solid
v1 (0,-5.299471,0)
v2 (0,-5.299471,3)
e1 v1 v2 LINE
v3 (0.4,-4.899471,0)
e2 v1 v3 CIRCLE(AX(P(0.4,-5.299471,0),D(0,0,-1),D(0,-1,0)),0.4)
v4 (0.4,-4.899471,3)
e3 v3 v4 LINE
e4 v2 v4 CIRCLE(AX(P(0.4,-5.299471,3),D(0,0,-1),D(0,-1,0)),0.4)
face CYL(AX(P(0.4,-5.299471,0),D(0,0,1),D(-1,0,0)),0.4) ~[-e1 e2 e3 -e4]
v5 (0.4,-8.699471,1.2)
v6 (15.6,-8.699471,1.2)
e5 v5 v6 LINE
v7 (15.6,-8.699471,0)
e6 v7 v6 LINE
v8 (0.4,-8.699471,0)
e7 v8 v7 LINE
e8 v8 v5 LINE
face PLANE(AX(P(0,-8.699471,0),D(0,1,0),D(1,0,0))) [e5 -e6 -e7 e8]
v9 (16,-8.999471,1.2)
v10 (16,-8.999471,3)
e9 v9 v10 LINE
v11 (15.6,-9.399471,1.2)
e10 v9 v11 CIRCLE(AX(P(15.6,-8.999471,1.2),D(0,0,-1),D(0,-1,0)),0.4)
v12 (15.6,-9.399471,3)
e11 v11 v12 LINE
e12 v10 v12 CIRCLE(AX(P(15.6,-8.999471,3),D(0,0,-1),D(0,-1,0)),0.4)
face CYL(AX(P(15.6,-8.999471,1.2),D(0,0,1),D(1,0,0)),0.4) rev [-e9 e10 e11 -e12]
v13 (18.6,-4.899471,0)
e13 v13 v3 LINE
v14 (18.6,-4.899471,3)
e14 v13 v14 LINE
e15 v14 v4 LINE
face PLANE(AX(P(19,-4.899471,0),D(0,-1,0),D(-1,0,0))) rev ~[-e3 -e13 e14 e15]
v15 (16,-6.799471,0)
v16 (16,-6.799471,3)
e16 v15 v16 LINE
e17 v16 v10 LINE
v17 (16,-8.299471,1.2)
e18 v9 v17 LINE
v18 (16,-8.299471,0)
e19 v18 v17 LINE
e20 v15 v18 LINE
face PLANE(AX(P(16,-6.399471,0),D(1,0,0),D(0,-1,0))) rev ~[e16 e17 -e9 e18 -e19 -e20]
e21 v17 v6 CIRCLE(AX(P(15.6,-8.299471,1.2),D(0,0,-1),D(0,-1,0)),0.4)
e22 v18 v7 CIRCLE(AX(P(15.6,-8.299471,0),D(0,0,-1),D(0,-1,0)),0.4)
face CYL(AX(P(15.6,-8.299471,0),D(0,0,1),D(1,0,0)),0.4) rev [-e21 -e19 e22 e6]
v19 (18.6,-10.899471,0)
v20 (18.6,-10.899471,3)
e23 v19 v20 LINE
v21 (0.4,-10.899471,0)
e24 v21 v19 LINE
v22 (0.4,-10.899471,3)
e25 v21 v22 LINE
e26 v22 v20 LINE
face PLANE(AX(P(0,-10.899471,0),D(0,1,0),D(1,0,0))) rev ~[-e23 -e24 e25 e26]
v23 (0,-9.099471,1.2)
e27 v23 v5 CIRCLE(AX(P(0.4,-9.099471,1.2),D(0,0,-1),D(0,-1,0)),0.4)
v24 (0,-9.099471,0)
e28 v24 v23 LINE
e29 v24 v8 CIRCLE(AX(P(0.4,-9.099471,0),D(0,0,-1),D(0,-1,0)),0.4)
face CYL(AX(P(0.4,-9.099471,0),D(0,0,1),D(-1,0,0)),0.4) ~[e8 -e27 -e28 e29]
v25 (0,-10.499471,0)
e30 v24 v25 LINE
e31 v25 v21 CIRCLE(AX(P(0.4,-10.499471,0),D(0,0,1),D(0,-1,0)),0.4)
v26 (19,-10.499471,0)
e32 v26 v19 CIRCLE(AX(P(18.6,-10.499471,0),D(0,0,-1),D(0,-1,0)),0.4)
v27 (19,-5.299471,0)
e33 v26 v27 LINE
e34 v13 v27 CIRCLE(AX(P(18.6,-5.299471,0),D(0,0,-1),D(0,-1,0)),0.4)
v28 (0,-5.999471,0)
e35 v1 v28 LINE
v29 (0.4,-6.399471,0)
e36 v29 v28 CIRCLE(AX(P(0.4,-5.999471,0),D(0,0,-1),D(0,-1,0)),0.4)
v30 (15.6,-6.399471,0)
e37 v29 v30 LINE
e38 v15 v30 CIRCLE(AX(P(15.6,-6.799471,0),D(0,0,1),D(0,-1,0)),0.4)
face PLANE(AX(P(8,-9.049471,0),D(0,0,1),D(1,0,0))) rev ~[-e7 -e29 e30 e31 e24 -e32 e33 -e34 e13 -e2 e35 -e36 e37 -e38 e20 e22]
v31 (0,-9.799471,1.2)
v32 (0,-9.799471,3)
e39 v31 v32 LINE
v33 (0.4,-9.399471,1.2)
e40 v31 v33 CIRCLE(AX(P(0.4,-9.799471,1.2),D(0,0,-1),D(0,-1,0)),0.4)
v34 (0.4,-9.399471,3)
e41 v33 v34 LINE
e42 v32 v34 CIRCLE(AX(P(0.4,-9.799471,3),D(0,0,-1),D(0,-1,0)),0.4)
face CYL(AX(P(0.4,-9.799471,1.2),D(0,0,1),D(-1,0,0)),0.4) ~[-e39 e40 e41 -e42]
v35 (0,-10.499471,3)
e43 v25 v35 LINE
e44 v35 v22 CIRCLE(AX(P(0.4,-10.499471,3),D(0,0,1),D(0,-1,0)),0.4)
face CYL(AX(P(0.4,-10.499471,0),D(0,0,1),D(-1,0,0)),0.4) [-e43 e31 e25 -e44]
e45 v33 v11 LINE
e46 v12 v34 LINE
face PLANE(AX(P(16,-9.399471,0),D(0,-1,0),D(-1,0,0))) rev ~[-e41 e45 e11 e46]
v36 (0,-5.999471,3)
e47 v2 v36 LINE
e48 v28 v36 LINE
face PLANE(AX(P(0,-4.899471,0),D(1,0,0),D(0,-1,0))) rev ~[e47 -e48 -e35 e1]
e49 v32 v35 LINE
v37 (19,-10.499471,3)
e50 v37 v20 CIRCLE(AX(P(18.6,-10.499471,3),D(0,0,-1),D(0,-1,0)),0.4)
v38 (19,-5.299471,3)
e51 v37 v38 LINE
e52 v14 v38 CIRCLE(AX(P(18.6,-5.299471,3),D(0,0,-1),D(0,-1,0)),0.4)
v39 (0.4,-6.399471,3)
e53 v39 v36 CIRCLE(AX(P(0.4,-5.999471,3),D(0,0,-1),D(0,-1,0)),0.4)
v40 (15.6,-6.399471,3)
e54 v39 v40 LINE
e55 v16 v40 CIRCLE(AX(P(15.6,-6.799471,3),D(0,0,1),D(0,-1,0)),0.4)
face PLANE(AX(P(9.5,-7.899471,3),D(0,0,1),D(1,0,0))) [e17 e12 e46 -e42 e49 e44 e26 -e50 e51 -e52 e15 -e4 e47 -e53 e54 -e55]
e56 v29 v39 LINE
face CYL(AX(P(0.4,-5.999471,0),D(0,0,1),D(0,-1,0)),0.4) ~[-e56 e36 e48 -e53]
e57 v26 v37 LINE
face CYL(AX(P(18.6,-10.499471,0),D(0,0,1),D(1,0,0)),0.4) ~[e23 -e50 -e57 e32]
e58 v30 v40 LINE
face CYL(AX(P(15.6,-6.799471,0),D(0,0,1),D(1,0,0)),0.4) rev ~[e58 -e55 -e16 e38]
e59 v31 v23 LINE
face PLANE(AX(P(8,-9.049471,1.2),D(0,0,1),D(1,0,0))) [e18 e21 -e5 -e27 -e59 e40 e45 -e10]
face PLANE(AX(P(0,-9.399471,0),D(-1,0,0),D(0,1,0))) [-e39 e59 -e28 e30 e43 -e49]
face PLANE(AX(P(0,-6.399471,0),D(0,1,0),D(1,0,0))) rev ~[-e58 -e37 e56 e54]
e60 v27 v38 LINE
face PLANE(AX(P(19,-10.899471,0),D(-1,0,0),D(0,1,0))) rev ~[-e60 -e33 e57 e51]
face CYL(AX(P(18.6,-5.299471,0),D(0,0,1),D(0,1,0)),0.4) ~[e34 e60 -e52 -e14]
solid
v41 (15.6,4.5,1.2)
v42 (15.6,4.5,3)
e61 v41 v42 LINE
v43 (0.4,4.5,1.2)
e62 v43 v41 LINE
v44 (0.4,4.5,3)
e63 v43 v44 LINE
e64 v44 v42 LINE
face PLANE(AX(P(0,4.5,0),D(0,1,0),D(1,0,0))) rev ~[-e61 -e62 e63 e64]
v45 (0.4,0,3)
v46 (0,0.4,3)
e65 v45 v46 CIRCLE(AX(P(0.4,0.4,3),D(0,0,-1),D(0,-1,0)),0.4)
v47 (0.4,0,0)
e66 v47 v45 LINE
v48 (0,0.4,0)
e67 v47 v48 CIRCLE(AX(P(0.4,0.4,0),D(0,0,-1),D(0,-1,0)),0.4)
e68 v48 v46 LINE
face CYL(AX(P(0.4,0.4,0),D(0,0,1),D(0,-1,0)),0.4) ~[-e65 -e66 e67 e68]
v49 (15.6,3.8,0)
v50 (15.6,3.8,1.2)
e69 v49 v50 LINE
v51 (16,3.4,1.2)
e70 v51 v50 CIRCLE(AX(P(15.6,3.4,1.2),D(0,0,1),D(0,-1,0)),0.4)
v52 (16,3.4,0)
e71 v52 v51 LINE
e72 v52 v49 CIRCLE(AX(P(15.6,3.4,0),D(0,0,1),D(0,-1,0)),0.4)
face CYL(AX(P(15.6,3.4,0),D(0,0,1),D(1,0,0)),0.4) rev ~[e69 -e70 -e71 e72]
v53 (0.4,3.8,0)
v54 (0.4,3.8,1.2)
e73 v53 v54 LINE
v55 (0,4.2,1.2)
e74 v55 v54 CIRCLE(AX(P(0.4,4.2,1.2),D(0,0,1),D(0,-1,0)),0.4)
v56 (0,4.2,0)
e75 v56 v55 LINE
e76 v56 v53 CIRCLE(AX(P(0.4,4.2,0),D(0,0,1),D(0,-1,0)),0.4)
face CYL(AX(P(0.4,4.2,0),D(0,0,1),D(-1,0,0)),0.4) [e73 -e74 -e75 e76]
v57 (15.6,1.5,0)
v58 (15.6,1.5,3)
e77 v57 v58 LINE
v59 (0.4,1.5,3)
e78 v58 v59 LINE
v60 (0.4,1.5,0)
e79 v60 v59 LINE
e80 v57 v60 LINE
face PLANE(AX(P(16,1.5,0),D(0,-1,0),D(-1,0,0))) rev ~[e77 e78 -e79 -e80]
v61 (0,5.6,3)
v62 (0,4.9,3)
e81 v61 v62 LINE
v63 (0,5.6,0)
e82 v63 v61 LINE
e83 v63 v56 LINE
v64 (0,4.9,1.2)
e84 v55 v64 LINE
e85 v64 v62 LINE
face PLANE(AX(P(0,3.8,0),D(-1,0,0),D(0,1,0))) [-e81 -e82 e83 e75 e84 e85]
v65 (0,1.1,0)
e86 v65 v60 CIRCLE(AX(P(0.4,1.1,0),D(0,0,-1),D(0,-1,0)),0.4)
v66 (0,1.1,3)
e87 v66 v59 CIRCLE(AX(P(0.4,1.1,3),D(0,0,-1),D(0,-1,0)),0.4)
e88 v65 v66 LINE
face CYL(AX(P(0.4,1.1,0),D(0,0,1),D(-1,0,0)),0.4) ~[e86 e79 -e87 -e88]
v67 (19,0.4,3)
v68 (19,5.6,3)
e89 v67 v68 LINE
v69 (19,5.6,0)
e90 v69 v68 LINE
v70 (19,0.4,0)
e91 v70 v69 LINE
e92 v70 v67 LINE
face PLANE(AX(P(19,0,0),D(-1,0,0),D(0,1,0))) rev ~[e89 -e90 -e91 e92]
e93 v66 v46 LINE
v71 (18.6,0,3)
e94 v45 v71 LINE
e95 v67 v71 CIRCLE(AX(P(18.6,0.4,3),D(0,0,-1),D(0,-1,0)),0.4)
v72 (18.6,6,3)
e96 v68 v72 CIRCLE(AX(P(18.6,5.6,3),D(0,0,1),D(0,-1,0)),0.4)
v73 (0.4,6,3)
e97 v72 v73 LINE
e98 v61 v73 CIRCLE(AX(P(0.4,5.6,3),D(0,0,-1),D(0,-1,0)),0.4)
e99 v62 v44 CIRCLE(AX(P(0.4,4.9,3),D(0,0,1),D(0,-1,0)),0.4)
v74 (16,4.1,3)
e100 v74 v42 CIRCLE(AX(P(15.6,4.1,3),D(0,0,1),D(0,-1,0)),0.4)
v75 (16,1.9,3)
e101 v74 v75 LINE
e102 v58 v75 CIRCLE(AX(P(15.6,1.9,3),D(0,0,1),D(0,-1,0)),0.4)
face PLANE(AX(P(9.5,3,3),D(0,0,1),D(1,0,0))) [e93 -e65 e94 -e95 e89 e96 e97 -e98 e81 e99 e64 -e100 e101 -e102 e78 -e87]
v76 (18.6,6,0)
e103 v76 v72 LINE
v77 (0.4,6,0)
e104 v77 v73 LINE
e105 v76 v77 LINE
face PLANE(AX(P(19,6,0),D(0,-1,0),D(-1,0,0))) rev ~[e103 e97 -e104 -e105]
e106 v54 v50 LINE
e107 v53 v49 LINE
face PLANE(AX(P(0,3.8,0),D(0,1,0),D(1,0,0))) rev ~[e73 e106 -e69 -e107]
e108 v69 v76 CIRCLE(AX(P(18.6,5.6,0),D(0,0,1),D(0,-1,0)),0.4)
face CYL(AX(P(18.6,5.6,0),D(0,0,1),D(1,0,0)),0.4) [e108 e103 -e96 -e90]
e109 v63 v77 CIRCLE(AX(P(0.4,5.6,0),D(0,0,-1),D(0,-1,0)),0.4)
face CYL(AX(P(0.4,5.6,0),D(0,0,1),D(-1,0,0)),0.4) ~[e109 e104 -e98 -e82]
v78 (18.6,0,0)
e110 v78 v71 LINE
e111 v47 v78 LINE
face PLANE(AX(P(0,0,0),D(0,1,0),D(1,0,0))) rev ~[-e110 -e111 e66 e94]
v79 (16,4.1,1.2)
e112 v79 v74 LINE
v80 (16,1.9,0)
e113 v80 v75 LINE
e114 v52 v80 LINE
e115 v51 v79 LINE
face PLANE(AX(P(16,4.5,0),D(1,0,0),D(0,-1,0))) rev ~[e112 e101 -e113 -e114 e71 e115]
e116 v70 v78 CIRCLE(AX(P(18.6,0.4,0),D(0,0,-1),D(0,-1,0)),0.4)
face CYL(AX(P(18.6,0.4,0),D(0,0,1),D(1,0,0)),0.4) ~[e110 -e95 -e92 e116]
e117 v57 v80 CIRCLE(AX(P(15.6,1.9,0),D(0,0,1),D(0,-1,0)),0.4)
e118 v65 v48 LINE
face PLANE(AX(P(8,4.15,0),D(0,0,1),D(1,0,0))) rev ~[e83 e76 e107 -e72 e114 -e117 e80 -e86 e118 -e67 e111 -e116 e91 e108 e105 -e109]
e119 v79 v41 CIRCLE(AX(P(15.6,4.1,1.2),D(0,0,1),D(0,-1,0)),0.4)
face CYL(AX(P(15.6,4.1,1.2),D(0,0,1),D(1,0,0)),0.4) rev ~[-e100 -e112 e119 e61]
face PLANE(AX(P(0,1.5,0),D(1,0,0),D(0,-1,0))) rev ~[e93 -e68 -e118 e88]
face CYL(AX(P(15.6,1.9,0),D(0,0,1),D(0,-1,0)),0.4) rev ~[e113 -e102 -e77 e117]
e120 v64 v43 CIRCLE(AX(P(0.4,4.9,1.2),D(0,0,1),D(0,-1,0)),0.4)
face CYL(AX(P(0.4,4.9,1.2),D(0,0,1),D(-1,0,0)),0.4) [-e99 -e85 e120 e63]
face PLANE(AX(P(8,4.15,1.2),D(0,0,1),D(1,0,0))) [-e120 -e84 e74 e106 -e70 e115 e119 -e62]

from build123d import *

# Parameters (mm, degrees)
BOSS_EXTRUDE1_DEPTH   = 3
BOSS_EXTRUDE1_2_DEPTH = 3
SKETCH2_4_W           = 16
SKETCH2_4_H           = 0.7
BOSS_EXTRUDE3_DEPTH   = 1.2
FILLET2_R             = 0.4
FILLET3_R             = 0.4


with BuildPart() as part:
    # Sketch2 → Boss-Extrude1 (new body)
    with BuildSketch(Plane.XY):
        Polygon((0, 1.5), (0, 0), (19, 0), (19, 6), (0, 6), (0, 4.5), (16, 4.5), (16, 1.5), align=None)
    extrude(amount=BOSS_EXTRUDE1_DEPTH)



with BuildPart() as body_2:
    # Sketch2 → Boss-Extrude1 2 (new body)
    with BuildSketch(Plane.XY):
        Polygon((16, -6.399471306), (16, -9.399471306), (0, -9.399471306), (0, -10.899471306), (19, -10.899471306), (19, -4.899471306), (0, -4.899471306), (0, -6.399471306), align=None)
    extrude(amount=BOSS_EXTRUDE1_2_DEPTH)


with BuildPart() as part_1:
    add(part.part)

    add(body_2.part)  # Boss-Extrude3 merges body 2
    # Sketch2<4> → Boss-Extrude3 (add)
    with BuildSketch(Plane.XY):
        with Locations((8, 4.15)):
            Rectangle(SKETCH2_4_W, SKETCH2_4_H)
        with Locations((8, -9.049471306)):
            Rectangle(SKETCH2_4_W, SKETCH2_4_H)
    extrude(amount=BOSS_EXTRUDE3_DEPTH)

    # Fillet2
    fillet2_edges = [part_1.edges().sort_by_distance(p)[0] for p in [
        (0, 4.5, 2.1),
        (16, 1.5, 1.5),
        (16, 3.8, 0.6),
        (16, 4.5, 2.1),
        (19, 6, 1.5),
        (19, 0, 1.5),
        (0, 0, 1.5),
        (0, 1.5, 1.5),
        (0, 3.8, 0.6),
        (0, 6, 1.5),
    ]]
    fillet(fillet2_edges, radius=FILLET2_R)

    # Fillet3
    fillet3_edges = [part_1.edges().sort_by_distance(p)[0] for p in [
        (19, -10.899471306, 1.5),
        (19, -4.899471306, 1.5),
        (16, -6.399471306, 1.5),
        (16, -9.399471306, 2.1),
        (16, -8.699471306, 0.6),
        (0, -10.899471306, 1.5),
        (0, -9.399471306, 2.1),
        (0, -8.699471306, 0.6),
        (0, -4.899471306, 1.5),
        (0, -6.399471306, 1.5),
    ]]
    fillet(fillet3_edges, radius=FILLET3_R)


solid = part_1.part
